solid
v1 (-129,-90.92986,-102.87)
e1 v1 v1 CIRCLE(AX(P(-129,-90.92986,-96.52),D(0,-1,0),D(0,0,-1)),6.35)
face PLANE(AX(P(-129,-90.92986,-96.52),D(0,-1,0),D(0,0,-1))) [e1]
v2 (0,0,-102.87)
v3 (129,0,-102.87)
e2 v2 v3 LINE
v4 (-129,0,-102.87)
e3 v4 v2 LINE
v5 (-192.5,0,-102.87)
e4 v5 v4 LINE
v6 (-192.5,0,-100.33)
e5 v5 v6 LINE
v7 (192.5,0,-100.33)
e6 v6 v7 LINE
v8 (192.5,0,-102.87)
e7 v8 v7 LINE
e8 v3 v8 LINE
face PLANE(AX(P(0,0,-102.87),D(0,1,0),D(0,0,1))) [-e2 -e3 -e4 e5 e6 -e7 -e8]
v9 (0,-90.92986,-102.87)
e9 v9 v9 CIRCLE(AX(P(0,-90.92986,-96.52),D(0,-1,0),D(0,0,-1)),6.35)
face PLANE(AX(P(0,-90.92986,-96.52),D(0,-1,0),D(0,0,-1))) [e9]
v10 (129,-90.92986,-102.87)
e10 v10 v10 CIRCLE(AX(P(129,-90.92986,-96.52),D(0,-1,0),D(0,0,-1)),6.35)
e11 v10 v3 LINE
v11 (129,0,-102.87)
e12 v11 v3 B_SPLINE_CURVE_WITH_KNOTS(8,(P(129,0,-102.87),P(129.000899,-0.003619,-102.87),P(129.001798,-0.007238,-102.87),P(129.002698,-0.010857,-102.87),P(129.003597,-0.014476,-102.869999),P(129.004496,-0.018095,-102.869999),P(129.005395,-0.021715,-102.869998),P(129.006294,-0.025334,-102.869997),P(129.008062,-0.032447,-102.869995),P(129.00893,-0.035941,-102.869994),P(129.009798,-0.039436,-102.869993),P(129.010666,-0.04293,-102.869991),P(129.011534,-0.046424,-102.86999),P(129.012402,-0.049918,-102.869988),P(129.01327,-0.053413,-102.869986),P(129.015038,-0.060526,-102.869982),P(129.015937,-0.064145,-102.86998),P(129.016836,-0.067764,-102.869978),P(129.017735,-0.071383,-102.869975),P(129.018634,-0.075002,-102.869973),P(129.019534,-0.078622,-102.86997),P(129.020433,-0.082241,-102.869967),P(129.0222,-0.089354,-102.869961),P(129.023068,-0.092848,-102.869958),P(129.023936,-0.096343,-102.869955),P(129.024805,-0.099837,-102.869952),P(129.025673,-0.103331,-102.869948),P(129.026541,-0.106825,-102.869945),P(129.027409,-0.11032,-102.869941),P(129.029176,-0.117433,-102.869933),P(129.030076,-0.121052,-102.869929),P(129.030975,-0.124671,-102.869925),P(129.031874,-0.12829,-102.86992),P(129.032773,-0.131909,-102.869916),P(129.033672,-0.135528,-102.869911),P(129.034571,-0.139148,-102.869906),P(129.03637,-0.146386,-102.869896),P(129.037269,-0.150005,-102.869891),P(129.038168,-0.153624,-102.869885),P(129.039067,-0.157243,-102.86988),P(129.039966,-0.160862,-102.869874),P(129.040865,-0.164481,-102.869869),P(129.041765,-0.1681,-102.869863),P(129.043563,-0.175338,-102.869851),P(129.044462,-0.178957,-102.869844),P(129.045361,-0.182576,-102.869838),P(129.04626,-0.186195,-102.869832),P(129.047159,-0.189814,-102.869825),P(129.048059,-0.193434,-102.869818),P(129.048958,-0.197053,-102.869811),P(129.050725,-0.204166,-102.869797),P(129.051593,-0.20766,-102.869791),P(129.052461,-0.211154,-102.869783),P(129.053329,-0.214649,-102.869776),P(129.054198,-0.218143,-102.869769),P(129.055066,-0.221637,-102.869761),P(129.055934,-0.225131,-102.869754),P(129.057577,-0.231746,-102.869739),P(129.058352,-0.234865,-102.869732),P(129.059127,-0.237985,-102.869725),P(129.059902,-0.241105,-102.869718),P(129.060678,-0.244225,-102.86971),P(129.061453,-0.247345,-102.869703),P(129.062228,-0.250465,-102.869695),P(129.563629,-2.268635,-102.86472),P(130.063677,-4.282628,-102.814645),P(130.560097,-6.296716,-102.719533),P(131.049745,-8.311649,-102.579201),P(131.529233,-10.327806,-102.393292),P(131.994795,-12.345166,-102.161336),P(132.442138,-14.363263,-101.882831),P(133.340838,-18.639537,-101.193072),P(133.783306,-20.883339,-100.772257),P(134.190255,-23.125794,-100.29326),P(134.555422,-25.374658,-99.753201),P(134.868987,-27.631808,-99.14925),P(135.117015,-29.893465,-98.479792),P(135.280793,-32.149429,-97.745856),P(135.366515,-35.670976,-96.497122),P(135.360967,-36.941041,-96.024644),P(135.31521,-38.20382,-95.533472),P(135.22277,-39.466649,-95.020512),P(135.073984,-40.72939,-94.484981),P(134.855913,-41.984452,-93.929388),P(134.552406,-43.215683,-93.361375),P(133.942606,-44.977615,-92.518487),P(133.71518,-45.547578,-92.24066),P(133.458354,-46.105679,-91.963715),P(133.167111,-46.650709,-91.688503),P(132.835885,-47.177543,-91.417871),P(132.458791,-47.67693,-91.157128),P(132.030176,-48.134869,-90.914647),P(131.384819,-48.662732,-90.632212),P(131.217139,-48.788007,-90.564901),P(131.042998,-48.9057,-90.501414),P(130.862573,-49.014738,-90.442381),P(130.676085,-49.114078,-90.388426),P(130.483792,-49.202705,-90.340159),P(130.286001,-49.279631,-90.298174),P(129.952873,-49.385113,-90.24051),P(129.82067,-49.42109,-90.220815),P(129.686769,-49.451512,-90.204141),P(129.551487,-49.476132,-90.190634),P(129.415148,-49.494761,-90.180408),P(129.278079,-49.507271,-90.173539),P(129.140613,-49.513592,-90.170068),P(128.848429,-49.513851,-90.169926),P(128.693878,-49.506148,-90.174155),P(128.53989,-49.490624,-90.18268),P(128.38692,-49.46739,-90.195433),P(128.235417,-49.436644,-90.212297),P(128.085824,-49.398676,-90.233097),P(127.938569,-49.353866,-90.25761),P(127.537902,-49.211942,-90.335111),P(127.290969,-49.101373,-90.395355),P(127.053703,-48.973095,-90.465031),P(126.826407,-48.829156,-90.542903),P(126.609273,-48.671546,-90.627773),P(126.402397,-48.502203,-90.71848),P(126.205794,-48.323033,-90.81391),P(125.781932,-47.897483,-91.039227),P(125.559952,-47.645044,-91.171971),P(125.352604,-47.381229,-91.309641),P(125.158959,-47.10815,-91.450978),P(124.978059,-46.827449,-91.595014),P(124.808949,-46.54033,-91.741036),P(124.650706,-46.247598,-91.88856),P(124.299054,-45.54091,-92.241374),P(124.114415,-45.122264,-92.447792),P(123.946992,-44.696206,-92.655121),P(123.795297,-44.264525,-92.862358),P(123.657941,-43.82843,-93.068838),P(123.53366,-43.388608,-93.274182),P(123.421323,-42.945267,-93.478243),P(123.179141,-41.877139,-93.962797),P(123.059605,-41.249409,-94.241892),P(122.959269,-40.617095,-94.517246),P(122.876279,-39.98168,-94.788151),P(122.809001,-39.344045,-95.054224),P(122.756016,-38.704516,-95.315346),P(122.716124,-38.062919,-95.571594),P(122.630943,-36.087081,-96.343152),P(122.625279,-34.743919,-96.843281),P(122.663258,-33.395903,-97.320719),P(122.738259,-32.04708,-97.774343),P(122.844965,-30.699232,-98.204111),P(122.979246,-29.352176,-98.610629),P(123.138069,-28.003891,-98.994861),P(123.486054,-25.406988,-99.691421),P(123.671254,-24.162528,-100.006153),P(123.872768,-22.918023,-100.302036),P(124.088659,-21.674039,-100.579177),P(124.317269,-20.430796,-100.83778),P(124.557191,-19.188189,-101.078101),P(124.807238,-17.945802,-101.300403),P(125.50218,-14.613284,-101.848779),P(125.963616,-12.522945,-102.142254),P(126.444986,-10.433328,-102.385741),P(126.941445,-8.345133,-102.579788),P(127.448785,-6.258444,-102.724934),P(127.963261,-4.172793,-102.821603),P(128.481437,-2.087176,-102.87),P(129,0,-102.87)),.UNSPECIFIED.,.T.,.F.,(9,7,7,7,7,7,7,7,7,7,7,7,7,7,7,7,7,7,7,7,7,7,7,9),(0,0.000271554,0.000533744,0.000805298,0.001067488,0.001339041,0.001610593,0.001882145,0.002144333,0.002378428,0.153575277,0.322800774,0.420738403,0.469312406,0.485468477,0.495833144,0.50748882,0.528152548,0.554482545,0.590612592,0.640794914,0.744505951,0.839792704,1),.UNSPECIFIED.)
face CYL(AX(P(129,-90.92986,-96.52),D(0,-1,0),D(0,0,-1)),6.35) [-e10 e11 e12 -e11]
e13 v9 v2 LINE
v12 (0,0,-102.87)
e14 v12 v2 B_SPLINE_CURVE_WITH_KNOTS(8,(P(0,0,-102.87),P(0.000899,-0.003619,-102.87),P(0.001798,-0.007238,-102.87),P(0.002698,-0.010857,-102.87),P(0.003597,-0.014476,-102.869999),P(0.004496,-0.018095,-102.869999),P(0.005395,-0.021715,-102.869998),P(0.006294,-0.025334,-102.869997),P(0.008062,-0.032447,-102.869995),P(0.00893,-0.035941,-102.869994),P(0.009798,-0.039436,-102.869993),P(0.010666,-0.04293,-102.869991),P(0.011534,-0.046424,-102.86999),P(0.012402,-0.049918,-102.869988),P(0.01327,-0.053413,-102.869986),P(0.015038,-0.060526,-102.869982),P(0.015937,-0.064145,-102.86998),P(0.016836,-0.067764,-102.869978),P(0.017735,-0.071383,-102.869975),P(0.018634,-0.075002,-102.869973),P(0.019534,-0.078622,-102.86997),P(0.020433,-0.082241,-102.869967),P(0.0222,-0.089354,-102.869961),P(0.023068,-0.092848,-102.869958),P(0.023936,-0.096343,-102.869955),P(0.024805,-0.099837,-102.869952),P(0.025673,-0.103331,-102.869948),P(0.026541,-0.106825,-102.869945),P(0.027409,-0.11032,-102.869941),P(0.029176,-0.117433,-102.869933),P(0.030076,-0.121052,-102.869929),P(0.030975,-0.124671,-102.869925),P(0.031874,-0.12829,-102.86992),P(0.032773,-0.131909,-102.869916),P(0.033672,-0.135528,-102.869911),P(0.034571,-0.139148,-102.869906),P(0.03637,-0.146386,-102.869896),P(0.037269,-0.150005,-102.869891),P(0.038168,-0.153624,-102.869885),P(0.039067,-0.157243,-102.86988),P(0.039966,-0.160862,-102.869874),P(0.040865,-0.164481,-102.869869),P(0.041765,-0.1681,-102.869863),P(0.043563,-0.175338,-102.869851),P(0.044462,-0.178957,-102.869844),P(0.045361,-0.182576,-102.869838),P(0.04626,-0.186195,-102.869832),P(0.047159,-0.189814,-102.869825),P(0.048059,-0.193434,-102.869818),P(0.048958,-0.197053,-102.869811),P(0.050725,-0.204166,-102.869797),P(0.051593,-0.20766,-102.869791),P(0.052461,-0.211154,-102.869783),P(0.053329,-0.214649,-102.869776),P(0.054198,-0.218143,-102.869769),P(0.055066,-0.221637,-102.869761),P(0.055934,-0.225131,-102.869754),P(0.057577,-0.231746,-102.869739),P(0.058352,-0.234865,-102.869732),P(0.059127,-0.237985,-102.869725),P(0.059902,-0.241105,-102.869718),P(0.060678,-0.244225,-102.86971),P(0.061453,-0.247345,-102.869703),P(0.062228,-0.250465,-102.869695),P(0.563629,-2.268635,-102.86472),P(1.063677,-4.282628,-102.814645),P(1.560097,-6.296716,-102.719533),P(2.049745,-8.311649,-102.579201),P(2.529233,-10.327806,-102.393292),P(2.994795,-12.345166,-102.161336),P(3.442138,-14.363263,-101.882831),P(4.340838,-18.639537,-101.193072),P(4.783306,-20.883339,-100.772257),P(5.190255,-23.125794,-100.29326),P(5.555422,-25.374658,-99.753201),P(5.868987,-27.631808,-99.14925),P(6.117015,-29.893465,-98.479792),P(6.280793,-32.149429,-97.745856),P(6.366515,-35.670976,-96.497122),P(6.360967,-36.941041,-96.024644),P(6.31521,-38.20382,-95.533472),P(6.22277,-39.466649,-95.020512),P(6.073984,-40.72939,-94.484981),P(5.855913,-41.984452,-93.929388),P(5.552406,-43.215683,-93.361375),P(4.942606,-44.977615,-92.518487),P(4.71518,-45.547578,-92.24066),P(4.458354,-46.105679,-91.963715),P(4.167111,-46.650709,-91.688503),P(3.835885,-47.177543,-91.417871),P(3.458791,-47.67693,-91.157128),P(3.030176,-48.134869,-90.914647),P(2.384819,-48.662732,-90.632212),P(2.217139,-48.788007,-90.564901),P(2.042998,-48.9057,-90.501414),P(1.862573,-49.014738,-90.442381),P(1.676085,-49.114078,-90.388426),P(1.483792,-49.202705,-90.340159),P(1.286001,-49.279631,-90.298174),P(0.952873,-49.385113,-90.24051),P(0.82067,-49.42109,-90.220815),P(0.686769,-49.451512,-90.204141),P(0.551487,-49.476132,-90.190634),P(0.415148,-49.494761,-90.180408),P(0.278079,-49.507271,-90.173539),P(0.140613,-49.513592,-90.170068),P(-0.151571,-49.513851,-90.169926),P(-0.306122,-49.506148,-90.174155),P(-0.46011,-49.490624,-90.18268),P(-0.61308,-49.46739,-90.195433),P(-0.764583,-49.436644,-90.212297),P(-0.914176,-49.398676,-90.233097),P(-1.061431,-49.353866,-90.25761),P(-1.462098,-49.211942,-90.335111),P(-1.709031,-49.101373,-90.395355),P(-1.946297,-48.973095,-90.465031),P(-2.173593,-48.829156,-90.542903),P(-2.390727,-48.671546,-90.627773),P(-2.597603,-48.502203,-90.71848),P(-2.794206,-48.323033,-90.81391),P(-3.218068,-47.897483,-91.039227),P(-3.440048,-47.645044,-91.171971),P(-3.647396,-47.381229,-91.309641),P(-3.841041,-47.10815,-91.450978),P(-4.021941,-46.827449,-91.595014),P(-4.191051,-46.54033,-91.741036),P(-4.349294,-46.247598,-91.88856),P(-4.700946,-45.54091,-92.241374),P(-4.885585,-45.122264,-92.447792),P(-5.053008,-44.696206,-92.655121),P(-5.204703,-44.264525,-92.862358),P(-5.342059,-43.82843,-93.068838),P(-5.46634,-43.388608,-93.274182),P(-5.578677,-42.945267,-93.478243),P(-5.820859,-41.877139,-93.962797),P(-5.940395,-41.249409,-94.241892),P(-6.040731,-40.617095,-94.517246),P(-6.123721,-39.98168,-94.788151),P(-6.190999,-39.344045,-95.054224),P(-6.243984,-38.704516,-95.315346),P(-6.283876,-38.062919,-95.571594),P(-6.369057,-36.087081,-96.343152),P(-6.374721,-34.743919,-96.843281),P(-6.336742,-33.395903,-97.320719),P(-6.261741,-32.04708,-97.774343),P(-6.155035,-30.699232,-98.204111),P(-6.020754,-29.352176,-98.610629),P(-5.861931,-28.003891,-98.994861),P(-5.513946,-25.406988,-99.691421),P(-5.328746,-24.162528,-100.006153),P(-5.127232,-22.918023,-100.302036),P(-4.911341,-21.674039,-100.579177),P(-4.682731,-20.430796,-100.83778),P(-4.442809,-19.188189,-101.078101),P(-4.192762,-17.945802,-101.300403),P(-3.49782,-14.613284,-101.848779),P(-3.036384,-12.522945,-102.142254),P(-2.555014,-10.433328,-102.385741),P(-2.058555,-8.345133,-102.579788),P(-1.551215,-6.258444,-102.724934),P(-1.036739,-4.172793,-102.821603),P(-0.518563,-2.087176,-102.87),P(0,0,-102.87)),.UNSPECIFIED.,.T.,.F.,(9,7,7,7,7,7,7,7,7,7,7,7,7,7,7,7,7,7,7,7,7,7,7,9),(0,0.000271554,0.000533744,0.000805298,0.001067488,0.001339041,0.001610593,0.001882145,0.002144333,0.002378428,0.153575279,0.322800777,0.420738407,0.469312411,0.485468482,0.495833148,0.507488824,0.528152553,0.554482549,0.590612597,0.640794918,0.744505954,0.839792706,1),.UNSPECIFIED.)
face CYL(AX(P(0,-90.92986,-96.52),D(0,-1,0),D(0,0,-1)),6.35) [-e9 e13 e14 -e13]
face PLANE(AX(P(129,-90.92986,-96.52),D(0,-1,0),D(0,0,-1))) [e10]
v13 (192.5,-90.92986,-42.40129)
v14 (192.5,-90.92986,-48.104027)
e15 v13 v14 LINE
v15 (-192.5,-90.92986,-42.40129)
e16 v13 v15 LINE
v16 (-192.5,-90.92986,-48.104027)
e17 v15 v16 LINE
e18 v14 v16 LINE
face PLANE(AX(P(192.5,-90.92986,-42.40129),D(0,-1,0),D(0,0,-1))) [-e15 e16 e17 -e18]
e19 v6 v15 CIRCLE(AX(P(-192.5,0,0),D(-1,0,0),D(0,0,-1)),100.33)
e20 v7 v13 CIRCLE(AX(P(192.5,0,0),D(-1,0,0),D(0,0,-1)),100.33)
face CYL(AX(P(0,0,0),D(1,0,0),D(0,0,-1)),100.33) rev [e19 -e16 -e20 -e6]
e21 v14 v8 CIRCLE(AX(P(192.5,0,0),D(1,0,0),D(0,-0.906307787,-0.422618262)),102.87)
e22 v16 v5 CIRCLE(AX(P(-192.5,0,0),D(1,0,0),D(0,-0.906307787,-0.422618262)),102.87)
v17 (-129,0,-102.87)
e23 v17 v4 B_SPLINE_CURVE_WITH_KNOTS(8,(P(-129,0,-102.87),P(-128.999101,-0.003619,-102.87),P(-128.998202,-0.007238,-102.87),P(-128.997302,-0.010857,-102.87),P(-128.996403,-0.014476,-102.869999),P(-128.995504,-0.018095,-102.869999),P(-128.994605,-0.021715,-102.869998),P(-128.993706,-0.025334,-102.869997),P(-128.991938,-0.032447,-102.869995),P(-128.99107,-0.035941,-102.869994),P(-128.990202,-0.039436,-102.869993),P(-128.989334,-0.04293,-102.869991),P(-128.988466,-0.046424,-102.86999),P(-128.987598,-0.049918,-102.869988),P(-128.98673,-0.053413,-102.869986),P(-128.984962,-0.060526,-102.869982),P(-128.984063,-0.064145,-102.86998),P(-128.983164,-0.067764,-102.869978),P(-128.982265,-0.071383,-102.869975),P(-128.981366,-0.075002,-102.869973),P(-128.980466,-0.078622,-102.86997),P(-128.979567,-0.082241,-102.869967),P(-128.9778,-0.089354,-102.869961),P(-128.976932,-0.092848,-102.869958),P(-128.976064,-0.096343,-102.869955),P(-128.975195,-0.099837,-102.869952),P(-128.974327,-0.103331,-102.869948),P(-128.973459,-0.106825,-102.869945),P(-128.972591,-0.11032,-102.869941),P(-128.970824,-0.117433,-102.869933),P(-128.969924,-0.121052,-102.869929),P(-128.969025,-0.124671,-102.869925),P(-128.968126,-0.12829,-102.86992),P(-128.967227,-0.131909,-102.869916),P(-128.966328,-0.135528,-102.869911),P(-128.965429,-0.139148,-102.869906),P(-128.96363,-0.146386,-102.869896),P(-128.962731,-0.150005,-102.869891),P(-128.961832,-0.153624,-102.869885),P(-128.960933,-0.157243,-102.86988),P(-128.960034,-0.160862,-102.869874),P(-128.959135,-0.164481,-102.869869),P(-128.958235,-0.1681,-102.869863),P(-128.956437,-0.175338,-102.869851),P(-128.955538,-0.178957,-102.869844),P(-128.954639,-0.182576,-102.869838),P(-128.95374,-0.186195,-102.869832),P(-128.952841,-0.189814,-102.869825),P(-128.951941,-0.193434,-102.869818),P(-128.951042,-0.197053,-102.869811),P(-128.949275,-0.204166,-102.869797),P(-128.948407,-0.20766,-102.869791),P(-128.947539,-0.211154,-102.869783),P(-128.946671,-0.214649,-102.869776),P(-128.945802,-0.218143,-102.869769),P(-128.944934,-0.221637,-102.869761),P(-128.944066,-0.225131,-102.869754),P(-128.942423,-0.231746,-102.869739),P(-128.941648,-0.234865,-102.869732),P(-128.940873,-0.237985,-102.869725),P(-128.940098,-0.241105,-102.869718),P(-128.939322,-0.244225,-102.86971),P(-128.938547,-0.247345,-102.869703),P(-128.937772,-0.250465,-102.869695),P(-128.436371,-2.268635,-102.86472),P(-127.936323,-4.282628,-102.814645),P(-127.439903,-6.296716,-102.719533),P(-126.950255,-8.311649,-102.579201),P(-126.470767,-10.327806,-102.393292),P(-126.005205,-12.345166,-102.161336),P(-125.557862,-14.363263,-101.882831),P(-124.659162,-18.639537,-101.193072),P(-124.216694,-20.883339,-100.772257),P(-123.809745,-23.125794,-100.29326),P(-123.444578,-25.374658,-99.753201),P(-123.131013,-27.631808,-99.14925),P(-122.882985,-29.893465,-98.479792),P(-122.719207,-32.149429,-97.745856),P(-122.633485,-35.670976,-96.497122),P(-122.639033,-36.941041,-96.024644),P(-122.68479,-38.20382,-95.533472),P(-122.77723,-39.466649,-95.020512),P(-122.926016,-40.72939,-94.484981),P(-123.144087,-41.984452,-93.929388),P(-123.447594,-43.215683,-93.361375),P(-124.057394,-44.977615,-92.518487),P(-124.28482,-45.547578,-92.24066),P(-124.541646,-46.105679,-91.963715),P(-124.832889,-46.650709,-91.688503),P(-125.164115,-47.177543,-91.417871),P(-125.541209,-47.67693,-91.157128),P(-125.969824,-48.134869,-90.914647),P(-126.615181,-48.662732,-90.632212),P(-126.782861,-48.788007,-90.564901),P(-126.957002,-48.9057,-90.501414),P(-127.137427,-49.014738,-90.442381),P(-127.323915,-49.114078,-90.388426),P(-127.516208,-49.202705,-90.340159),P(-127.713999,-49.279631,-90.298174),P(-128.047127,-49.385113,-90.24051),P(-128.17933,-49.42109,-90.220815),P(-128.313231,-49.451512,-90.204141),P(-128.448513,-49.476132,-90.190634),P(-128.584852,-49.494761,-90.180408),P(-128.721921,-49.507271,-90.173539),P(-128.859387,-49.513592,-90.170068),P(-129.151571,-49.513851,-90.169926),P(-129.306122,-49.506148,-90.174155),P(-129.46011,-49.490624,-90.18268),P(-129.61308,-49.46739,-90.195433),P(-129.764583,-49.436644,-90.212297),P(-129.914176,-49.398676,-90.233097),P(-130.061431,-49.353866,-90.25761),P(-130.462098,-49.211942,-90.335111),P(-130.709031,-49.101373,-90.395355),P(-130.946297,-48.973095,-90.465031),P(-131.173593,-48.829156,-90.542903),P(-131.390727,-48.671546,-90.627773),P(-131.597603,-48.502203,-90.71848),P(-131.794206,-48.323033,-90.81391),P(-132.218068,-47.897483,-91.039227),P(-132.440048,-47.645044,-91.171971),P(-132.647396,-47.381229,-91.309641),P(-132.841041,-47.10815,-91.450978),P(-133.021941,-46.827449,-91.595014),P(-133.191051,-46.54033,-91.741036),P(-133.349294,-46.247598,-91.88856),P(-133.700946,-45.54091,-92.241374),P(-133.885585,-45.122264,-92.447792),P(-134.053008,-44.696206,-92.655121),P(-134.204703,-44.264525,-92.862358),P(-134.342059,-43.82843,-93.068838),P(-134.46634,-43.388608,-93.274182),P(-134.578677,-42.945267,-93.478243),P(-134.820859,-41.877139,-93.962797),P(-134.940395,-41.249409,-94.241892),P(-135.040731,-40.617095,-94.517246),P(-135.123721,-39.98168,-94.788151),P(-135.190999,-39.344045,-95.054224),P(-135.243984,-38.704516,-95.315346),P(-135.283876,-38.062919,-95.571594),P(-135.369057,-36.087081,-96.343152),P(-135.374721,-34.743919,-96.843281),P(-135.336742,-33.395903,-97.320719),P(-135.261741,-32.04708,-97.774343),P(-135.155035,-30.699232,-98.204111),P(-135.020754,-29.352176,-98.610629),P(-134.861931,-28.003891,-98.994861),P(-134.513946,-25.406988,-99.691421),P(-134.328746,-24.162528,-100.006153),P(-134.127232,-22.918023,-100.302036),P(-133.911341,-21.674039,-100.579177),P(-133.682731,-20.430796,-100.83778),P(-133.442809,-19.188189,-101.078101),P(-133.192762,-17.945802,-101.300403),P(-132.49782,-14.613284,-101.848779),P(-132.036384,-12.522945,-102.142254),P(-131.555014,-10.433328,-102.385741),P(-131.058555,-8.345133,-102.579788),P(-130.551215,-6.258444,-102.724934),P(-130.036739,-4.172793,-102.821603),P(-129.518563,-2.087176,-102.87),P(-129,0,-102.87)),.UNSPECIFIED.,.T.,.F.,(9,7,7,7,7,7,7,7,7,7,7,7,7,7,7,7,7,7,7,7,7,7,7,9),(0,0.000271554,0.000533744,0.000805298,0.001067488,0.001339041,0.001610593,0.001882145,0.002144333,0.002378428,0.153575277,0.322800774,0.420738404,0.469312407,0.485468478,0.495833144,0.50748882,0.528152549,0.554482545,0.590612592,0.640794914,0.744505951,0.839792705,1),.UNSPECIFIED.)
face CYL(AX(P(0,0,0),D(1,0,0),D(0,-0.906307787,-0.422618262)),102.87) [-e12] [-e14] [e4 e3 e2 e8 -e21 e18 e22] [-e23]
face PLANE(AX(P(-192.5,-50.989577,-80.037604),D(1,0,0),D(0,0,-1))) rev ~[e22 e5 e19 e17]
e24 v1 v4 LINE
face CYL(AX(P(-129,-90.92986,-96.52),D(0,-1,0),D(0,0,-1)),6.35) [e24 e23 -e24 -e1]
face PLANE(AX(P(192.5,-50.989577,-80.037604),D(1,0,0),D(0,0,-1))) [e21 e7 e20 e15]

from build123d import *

# Parameters (mm, degrees)
EXTRUDE_THIN1_DEPTH = 192.5
CUT_EXTRUDE1_DEPTH  = 410.266930903
BOSS_EXTRUDE1_REACH = 238.446
SKETCH3_R           = 6.35


with BuildPart() as part:
    # Sketch1 → Extrude-Thin1 (new, symmetric)
    with BuildSketch(Plane(origin=(0, 0, 0), x_dir=(0, 0, -1), z_dir=(1, 0, 0))):
        with BuildLine():
            ThreePointArc((43.474740585, -93.231882052), (86.759678031, -55.272010711), (102.87, 0))
            Line((102.87, 0), (100.33, 0))
            ThreePointArc((100.33, 0), (84.617463758, -53.907269705), (42.4012902, -90.929860273))
            Line((42.4012902, -90.929860273), (43.474740585, -93.231882052))
        make_face()
    extrude(amount=EXTRUDE_THIN1_DEPTH, both=True)

    # Sketch2 → Cut-Extrude1 (cut, through all)
    with BuildSketch(Plane(origin=(192.5, 0, 0), x_dir=(0, 0, -1), z_dir=(1, 0, 0))):
        with BuildLine():
            Line((42.4012902, -90.929860273), (48.104026969, -90.929860273))
            ThreePointArc((48.104026969, -90.929860273), (45.803848013, -92.109958241), (43.474740585, -93.231882052))
            Line((43.474740585, -93.231882052), (42.4012902, -90.929860273))
        make_face()
    extrude(amount=-CUT_EXTRUDE1_DEPTH, mode=Mode.SUBTRACT)

    # Sketch3 → Boss-Extrude1 (add, up to next)
    with BuildSketch(Plane.XZ.offset(90.929860273), mode=Mode.PRIVATE) as boss_extrude1_sk1:
        with Locations(Location((-129, -96.52, 0), (0, 0, 270))):
            Circle(SKETCH3_R)
    boss_extrude1_tool1 = extrude(boss_extrude1_sk1.sketch, amount=-BOSS_EXTRUDE1_REACH, mode=Mode.PRIVATE) - part.part
    # Sketch3 → Boss-Extrude1 (add, up to next)
    with BuildSketch(Plane.XZ.offset(90.929860273), mode=Mode.PRIVATE) as boss_extrude1_sk2:
        with Locations(Location((129, -96.52, 0), (0, 0, 270))):
            Circle(SKETCH3_R)
    boss_extrude1_tool2 = extrude(boss_extrude1_sk2.sketch, amount=-BOSS_EXTRUDE1_REACH, mode=Mode.PRIVATE) - part.part
    # Sketch3 → Boss-Extrude1 (add, up to next)
    with BuildSketch(Plane.XZ.offset(90.929860273), mode=Mode.PRIVATE) as boss_extrude1_sk3:
        with Locations(Location((0, -96.52, 0), (0, 0, 270))):
            Circle(SKETCH3_R)
    boss_extrude1_tool3 = extrude(boss_extrude1_sk3.sketch, amount=-BOSS_EXTRUDE1_REACH, mode=Mode.PRIVATE) - part.part
    add(boss_extrude1_tool1.solids().sort_by_distance((-129, -90.92986, -96.52))[0])
    add(boss_extrude1_tool2.solids().sort_by_distance((129, -90.92986, -96.52))[0])
    add(boss_extrude1_tool3.solids().sort_by_distance((0, -90.92986, -96.52))[0])


solid = part.part
